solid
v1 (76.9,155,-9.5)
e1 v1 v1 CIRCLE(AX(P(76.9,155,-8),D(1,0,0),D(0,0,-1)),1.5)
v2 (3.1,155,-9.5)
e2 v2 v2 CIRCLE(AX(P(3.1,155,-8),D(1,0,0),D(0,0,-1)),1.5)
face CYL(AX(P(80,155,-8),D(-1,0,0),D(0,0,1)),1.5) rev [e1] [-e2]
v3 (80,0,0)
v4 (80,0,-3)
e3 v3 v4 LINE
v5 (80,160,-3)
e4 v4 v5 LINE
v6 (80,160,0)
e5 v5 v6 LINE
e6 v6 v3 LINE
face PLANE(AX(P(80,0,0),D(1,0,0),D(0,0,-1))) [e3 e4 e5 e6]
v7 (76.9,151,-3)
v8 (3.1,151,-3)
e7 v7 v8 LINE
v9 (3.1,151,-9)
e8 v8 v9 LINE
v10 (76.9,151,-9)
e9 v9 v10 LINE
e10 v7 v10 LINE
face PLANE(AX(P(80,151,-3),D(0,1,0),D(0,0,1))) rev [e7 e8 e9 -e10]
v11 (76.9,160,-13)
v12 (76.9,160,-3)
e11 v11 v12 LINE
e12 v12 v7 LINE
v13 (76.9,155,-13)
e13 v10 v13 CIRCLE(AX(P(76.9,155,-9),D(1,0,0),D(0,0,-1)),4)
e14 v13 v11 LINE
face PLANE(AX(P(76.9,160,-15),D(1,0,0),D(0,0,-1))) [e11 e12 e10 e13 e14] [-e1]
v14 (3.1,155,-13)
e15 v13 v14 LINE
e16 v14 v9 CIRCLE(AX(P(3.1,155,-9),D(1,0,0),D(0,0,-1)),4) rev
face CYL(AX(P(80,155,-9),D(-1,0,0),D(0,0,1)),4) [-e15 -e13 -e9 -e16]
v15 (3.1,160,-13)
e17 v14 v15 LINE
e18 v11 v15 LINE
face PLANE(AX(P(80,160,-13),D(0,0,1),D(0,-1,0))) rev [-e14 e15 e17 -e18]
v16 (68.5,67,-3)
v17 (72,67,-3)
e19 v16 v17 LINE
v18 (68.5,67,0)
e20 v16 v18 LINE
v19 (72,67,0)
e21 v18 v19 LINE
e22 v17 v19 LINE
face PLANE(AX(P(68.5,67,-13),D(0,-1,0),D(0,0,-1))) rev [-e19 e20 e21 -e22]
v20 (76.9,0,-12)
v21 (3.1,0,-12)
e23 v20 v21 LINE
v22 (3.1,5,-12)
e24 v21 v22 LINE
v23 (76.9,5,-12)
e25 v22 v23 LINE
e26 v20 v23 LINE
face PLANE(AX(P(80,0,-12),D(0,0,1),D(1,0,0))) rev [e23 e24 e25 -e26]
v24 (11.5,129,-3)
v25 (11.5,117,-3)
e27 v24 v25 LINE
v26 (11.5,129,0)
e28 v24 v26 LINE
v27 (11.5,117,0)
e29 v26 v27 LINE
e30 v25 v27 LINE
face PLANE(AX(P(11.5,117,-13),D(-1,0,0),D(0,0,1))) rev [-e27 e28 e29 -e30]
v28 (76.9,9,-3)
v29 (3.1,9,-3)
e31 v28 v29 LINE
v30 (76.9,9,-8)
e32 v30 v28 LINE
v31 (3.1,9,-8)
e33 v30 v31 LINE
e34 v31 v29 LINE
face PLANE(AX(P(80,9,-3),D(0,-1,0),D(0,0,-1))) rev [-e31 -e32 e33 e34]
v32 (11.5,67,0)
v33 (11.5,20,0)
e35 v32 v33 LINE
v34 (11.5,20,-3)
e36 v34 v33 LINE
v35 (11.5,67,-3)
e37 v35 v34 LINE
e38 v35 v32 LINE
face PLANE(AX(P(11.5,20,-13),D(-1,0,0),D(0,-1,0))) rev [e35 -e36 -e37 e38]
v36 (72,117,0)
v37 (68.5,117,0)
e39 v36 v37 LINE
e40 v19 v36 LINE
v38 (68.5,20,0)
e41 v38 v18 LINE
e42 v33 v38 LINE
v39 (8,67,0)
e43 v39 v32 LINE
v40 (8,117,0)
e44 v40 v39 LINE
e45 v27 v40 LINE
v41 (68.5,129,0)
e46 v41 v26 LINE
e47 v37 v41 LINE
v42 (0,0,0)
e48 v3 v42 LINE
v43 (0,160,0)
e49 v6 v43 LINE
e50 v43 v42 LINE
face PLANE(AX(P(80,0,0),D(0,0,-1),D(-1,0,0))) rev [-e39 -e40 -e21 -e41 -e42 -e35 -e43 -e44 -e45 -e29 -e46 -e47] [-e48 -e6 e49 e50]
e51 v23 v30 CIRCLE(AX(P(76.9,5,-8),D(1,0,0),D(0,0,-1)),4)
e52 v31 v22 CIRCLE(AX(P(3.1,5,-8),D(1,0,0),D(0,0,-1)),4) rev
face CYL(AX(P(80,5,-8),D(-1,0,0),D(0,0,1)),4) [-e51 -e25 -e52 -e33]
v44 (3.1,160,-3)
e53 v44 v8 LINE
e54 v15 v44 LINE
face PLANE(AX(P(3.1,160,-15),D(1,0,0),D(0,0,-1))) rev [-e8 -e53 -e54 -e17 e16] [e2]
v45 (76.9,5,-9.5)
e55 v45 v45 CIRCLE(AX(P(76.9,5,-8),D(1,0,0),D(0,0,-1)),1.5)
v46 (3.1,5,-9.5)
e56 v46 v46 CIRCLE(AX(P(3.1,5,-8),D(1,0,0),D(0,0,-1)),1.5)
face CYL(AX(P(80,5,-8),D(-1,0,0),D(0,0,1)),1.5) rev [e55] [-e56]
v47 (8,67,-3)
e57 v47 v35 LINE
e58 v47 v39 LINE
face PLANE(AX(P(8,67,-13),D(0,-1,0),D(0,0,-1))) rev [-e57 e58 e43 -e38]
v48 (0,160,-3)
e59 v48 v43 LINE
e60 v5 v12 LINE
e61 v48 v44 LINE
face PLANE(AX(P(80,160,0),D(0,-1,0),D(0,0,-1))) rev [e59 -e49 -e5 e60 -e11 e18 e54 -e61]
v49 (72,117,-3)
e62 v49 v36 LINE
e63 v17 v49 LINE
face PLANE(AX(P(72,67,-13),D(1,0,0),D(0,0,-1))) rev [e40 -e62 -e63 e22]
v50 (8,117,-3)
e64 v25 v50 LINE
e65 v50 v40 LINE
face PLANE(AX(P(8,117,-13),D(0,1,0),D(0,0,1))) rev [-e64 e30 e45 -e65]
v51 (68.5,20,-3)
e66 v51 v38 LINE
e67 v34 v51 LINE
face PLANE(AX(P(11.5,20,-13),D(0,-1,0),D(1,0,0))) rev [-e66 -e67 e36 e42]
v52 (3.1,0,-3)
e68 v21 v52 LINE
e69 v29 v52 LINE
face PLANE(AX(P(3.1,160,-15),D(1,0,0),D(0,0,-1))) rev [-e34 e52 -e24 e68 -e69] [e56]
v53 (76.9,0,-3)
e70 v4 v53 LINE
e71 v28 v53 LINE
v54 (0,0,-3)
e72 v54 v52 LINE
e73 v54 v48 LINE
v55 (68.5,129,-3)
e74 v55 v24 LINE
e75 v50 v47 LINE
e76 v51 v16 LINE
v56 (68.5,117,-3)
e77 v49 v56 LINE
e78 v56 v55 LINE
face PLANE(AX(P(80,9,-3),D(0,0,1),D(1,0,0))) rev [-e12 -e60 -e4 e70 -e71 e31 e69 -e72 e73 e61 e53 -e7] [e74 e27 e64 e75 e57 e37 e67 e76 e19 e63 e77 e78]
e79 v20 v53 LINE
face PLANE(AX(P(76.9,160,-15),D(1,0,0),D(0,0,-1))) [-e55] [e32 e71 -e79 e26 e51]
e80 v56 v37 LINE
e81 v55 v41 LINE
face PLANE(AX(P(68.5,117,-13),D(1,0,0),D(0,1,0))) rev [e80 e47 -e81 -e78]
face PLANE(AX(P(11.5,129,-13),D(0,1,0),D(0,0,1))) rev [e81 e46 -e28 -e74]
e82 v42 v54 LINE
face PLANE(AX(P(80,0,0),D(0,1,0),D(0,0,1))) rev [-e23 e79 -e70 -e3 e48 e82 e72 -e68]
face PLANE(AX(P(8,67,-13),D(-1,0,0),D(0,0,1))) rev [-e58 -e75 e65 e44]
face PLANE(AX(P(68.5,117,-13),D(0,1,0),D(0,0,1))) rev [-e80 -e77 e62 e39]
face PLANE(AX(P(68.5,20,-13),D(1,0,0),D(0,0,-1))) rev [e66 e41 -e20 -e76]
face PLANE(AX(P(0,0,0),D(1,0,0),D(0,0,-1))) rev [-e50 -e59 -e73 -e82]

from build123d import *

# Parameters (mm, degrees)
SKETCH3_R           = 1.5
BOSS_EXTRUDE3_DEPTH = 80
CUT_EXTRUDE1_DEPTH  = 180.357185527
SKETCH5_W           = 3.1
SKETCH5_H           = 12
CUT_EXTRUDE2_DEPTH  = 180.357185527
FILLET1_R           = 4


with BuildPart() as part:
    # Sketch3 → Boss-Extrude3 (new body)
    with BuildSketch(Plane(origin=(0, 0, 0), x_dir=(0, 0, -1), z_dir=(1, 0, 0))):
        Polygon((0, 160), (13, 160), (13, 151), (3, 151), (3, 9), (12, 9), (12, 0), (0, 0), align=None)
        with Locations((8, 155)):
            Circle(SKETCH3_R, mode=Mode.SUBTRACT)
        with Locations((8, 5)):
            Circle(SKETCH3_R, mode=Mode.SUBTRACT)
    extrude(amount=BOSS_EXTRUDE3_DEPTH)

    # Sketch4 → Cut-Extrude1 (cut, through all)
    with BuildSketch(Plane.XY):
        Polygon((11.5, 117), (11.5, 129), (68.5, 129), (68.5, 117), (72, 117), (72, 67), (68.5, 67), (68.5, 20), (11.5, 20), (11.5, 67), (8, 67), (8, 117), align=None)
    extrude(amount=-CUT_EXTRUDE1_DEPTH, mode=Mode.SUBTRACT)

    # Sketch5 → Cut-Extrude2 (cut, through all)
    with BuildSketch(Plane(origin=(0, 0, 0), x_dir=(1, 0, 0), z_dir=(0, 1, 0))):
        with Locations((78.45, 9)):
            Rectangle(SKETCH5_W, SKETCH5_H)
        with Locations((1.55, 9)):
            Rectangle(SKETCH5_W, SKETCH5_H)
    extrude(amount=CUT_EXTRUDE2_DEPTH, mode=Mode.SUBTRACT)

    # Fillet1
    fillet1_edges = [part.edges().sort_by_distance(p)[0] for p in [
        (40, 151, -13),
        (40, 9, -12),
    ]]
    fillet(fillet1_edges, radius=FILLET1_R)


solid = part.part
